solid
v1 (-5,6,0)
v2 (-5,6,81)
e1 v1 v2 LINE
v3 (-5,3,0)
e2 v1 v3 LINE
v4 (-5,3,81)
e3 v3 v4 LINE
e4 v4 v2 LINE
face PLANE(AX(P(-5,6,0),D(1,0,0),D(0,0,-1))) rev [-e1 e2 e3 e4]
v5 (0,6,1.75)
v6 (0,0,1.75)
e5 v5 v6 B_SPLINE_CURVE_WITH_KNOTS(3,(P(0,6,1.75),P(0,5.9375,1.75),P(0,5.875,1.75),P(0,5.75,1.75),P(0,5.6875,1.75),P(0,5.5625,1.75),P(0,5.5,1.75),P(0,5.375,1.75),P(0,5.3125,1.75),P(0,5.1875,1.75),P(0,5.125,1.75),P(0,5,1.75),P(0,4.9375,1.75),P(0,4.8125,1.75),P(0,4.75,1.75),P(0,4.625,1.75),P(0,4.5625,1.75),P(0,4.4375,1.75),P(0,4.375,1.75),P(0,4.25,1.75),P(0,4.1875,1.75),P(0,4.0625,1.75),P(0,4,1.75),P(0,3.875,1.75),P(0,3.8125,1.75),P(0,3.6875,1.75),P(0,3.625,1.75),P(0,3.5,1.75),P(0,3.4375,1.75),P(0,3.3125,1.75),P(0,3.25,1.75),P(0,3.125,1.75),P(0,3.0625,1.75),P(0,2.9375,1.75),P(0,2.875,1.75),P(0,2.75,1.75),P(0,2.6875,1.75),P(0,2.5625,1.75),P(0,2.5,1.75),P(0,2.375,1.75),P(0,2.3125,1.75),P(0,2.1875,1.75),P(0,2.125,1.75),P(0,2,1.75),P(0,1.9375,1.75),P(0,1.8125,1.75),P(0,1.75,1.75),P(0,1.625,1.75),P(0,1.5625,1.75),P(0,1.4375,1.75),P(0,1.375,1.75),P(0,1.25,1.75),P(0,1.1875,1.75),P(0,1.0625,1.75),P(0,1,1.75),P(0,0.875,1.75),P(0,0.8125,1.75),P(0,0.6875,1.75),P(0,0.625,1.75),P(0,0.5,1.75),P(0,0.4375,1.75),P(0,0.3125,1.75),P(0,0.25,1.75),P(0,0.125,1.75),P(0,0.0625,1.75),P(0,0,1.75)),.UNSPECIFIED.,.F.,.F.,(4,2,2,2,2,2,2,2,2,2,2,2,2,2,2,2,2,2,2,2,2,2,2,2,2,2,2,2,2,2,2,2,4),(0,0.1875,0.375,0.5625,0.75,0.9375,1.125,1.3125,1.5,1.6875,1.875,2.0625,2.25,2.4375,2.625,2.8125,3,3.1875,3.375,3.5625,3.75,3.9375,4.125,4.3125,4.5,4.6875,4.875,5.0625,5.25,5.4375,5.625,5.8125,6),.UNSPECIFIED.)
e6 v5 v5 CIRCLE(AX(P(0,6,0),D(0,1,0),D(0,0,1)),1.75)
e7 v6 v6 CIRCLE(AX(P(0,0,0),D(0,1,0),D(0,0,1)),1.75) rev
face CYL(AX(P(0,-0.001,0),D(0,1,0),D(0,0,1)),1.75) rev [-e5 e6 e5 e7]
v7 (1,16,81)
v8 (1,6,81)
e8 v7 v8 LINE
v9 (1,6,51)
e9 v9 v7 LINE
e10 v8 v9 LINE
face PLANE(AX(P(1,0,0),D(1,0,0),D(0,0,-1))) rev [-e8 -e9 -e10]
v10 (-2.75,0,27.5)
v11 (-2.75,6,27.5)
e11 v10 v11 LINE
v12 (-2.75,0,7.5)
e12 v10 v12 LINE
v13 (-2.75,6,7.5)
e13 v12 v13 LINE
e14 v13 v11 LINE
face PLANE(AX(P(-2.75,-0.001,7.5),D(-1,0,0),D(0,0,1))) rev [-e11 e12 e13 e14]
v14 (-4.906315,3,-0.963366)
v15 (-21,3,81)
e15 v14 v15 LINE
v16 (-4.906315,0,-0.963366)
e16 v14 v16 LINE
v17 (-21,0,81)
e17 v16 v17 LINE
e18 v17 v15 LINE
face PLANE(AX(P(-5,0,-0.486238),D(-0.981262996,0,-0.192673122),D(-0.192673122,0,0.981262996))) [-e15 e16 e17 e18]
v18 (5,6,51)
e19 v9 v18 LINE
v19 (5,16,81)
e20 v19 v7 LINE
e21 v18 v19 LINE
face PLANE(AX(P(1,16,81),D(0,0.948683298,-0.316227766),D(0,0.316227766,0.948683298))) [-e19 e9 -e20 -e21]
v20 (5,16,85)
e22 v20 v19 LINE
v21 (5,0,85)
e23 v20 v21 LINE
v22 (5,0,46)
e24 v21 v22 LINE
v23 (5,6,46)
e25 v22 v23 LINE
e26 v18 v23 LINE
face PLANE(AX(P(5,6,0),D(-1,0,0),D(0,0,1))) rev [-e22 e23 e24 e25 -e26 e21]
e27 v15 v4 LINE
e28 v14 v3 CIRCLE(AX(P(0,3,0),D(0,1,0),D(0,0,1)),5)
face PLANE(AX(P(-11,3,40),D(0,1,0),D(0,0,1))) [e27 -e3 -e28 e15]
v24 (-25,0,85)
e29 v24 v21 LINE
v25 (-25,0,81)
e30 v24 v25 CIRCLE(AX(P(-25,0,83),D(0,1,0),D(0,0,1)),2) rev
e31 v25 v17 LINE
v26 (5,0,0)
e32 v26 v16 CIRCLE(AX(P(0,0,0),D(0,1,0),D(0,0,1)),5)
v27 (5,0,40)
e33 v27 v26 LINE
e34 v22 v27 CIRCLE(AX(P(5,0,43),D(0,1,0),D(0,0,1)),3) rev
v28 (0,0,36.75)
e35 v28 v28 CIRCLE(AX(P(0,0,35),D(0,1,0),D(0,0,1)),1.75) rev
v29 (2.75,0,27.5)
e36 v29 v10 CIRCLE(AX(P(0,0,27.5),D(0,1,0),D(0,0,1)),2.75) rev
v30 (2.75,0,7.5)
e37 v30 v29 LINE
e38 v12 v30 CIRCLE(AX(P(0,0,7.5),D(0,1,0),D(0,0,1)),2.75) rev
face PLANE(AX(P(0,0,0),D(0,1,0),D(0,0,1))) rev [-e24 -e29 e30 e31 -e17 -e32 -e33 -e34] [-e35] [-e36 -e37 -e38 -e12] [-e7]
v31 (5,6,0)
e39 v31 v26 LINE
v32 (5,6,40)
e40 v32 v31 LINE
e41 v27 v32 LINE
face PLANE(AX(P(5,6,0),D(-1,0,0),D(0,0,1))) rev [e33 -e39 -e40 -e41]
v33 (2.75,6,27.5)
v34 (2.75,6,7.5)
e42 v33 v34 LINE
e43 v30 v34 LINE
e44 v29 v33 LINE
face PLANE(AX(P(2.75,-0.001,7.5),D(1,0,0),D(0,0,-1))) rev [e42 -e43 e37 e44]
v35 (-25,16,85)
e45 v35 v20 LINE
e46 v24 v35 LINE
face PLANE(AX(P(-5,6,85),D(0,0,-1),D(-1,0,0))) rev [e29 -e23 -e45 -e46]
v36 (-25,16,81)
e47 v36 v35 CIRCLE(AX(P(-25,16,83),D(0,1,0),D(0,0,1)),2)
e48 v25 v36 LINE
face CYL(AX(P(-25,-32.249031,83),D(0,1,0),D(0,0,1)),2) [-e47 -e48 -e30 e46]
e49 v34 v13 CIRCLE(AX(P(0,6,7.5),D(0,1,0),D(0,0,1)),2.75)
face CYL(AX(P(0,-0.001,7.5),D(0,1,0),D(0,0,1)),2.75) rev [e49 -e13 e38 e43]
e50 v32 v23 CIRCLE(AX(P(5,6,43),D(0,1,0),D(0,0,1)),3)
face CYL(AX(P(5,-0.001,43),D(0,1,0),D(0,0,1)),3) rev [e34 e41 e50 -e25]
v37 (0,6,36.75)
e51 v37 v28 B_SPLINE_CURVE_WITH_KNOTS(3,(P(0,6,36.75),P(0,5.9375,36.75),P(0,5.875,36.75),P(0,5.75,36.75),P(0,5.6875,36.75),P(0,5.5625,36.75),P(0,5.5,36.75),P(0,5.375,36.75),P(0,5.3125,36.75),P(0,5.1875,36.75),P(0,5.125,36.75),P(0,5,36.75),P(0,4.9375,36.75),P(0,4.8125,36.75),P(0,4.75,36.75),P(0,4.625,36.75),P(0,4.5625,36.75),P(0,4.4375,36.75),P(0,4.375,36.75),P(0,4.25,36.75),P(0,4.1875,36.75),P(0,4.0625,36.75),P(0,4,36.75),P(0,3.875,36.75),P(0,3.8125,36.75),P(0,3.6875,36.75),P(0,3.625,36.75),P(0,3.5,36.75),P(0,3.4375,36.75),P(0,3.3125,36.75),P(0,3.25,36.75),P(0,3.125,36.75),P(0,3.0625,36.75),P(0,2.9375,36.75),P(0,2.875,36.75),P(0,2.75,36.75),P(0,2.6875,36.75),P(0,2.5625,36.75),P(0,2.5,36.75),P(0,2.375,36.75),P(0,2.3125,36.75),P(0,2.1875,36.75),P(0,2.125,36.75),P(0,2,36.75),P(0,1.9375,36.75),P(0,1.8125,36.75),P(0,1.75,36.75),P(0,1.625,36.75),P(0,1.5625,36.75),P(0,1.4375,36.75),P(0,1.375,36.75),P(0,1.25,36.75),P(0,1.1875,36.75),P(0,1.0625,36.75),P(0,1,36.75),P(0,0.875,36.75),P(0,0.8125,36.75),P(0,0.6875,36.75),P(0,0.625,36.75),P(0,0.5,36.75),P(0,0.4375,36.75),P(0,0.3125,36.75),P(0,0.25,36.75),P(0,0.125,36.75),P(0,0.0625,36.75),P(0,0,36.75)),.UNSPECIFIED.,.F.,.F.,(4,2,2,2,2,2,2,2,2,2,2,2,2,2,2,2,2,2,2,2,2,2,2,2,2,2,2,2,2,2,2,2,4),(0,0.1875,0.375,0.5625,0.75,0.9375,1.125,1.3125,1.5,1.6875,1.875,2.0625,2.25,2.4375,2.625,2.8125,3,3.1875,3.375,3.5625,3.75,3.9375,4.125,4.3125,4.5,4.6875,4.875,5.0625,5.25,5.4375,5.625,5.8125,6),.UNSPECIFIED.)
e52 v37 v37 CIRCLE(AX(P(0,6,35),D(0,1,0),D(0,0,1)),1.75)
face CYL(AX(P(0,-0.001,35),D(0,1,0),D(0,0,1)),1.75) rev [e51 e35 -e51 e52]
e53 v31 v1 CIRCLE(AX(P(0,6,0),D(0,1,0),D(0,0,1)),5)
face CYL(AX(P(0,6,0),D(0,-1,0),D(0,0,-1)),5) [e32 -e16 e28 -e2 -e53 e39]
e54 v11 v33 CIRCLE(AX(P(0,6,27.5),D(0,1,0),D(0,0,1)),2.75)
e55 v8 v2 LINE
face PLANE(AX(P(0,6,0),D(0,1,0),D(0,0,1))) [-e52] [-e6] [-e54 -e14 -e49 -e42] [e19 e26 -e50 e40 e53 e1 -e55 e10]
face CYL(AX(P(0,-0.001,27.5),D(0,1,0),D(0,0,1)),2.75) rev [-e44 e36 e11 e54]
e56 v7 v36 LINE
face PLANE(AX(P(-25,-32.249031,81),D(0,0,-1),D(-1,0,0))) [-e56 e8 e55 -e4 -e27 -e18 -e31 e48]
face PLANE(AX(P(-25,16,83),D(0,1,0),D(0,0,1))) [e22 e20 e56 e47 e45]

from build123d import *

# Parameters (mm, degrees)
BOSS_EXTRUDE1_DEPTH             = 6
BOSS_EXTRUDE2_DEPTH             = 10
BOSS_EXTRUDE2_DIRECTION_2_REACH = 87.358
RIB1_REACH                      = 92.609
SKETCH3_WALL_W                  = 266.260300784
SKETCH3_WALL_H                  = 3
CUT_EXTRUDE1_REACH              = 91.744
SKETCH4_R                       = 1.75
BOSS_EXTRUDE3_DEPTH             = 4
CUT_EXTRUDE2_REACH              = 91.744


with BuildPart() as part:
    # Sketch1 → Boss-Extrude1 (new body)
    with BuildSketch(Plane(origin=(0, 0, 0), x_dir=(1, 0, 0), z_dir=(0, 1, 0))):
        with BuildLine():
            Line((5, 0), (5, -85))
            Line((5, -85), (-5, -85))
            Line((-5, -85), (-5, 0))
            ThreePointArc((-5, 0), (0, 5), (5, 0))
        make_face()
    extrude(amount=BOSS_EXTRUDE1_DEPTH)

    # Sketch2 → Boss-Extrude2 (add)
    with BuildSketch(Plane(origin=(0, 6, 0), x_dir=(1, 0, 0), z_dir=(0, 1, 0))):
        with BuildLine():
            Line((5, -81), (5, -85))
            Line((5, -85), (-25, -85))
            ThreePointArc((-25, -85), (-27, -83), (-25, -81))
            Line((-25, -81), (5, -81))
        make_face()
    extrude(amount=BOSS_EXTRUDE2_DEPTH)

    # Boss-Extrude2 direction 2: up to this face of the body (flat: up to its plane)
    boss_extrude2_direction_2_end = Plane(part.part.faces().sort_by_distance((0, 0, 40.529502163))[0])
    # Sketch2 → Boss-Extrude2 direction 2 (add, up to the picked face)
    with BuildSketch(Plane(origin=(0, 6, 0), x_dir=(1, 0, 0), z_dir=(0, 1, 0)), mode=Mode.PRIVATE) as boss_extrude2_direction_2_sk1:
        with BuildLine():
            Line((5, -81), (5, -85))
            Line((5, -85), (-25, -85))
            ThreePointArc((-25, -85), (-27, -83), (-25, -81))
            Line((-25, -81), (5, -81))
        make_face()
    boss_extrude2_direction_2_tool1 = split(extrude(boss_extrude2_direction_2_sk1.sketch, amount=-BOSS_EXTRUDE2_DIRECTION_2_REACH, mode=Mode.PRIVATE), bisect_by=boss_extrude2_direction_2_end, keep=Keep.BOTH, mode=Mode.PRIVATE)
    add(boss_extrude2_direction_2_tool1.solids().sort_by(Axis((-10.788554, 6, 83), (0, -1, 0)))[0])

    # Sketch3 wall → Rib1 (add, up to next)
    with BuildSketch(Plane(origin=(-13, 0, 40.256880935), x_dir=(-0.192673122493, 0, 0.98126299628), z_dir=(0.98126299628, 0, 0.192673122493)), mode=Mode.PRIVATE) as rib1_sk1:
        with Locations((0, -1.5)):
            Rectangle(SKETCH3_WALL_W, SKETCH3_WALL_H)
    rib1_tool1 = extrude(rib1_sk1.sketch, amount=RIB1_REACH, mode=Mode.PRIVATE) - part.part
    add(rib1_tool1.solids().sort_by_distance((-13, 0, 40.256880935))[0])

    # Sketch4 → Cut-Extrude1 (cut, up to next)
    with BuildSketch(Plane(origin=(0, 6, 0), x_dir=(1, 0, 0), z_dir=(0, 1, 0)), mode=Mode.PRIVATE) as cut_extrude1_sk1:
        with Locations(Location((0, 0, 0), (0, 0, 270))):
            Circle(SKETCH4_R)
    cut_extrude1_tool1 = extrude(cut_extrude1_sk1.sketch, amount=-CUT_EXTRUDE1_REACH, mode=Mode.PRIVATE) & part.part
    # Sketch4 → Cut-Extrude1 (cut, up to next)
    with BuildSketch(Plane(origin=(0, 6, 0), x_dir=(1, 0, 0), z_dir=(0, 1, 0)), mode=Mode.PRIVATE) as cut_extrude1_sk2:
        with Locations(Location((0, -35, 0), (0, 0, 270))):
            Circle(SKETCH4_R)
    cut_extrude1_tool2 = extrude(cut_extrude1_sk2.sketch, amount=-CUT_EXTRUDE1_REACH, mode=Mode.PRIVATE) & part.part
    # Sketch4 → Cut-Extrude1 (cut, up to next)
    with BuildSketch(Plane(origin=(0, 6, 0), x_dir=(1, 0, 0), z_dir=(0, 1, 0)), mode=Mode.PRIVATE) as cut_extrude1_sk3:
        with BuildLine():
            Line((2.75, -7.5), (2.75, -27.5))
            ThreePointArc((2.75, -27.5), (0, -30.25), (-2.75, -27.5))
            Line((-2.75, -27.5), (-2.75, -7.5))
            ThreePointArc((-2.75, -7.5), (0, -4.75), (2.75, -7.5))
        make_face()
    cut_extrude1_tool3 = extrude(cut_extrude1_sk3.sketch, amount=-CUT_EXTRUDE1_REACH, mode=Mode.PRIVATE) & part.part
    add(cut_extrude1_tool1.solids().sort_by_distance((0, 6, 0))[0], mode=Mode.SUBTRACT)
    add(cut_extrude1_tool2.solids().sort_by_distance((0, 6, 35))[0], mode=Mode.SUBTRACT)
    add(cut_extrude1_tool3.solids().sort_by_distance((0, 6, 17.5))[0], mode=Mode.SUBTRACT)

    # Sketch5 → Boss-Extrude3 (add)
    with BuildSketch(Plane(origin=(5, 0, 0), x_dir=(0, 0, -1), z_dir=(1, 0, 0))):
        Polygon((-81, 16), (-51, 6), (-81, 6), align=None)
    extrude(amount=-BOSS_EXTRUDE3_DEPTH)

    # Sketch6 → Cut-Extrude2 (cut, up to next)
    with BuildSketch(Plane(origin=(0, 6, 0), x_dir=(1, 0, 0), z_dir=(0, 1, 0)), mode=Mode.PRIVATE) as cut_extrude2_sk1:
        with BuildLine():
            Line((5, -40), (5, -46))
            ThreePointArc((5, -46), (2, -43), (5, -40))
        make_face()
    cut_extrude2_tool1 = extrude(cut_extrude2_sk1.sketch, amount=-CUT_EXTRUDE2_REACH, mode=Mode.PRIVATE) & part.part
    add(cut_extrude2_tool1.solids().sort_by_distance((3.72676, 6, 43))[0], mode=Mode.SUBTRACT)


solid = part.part
